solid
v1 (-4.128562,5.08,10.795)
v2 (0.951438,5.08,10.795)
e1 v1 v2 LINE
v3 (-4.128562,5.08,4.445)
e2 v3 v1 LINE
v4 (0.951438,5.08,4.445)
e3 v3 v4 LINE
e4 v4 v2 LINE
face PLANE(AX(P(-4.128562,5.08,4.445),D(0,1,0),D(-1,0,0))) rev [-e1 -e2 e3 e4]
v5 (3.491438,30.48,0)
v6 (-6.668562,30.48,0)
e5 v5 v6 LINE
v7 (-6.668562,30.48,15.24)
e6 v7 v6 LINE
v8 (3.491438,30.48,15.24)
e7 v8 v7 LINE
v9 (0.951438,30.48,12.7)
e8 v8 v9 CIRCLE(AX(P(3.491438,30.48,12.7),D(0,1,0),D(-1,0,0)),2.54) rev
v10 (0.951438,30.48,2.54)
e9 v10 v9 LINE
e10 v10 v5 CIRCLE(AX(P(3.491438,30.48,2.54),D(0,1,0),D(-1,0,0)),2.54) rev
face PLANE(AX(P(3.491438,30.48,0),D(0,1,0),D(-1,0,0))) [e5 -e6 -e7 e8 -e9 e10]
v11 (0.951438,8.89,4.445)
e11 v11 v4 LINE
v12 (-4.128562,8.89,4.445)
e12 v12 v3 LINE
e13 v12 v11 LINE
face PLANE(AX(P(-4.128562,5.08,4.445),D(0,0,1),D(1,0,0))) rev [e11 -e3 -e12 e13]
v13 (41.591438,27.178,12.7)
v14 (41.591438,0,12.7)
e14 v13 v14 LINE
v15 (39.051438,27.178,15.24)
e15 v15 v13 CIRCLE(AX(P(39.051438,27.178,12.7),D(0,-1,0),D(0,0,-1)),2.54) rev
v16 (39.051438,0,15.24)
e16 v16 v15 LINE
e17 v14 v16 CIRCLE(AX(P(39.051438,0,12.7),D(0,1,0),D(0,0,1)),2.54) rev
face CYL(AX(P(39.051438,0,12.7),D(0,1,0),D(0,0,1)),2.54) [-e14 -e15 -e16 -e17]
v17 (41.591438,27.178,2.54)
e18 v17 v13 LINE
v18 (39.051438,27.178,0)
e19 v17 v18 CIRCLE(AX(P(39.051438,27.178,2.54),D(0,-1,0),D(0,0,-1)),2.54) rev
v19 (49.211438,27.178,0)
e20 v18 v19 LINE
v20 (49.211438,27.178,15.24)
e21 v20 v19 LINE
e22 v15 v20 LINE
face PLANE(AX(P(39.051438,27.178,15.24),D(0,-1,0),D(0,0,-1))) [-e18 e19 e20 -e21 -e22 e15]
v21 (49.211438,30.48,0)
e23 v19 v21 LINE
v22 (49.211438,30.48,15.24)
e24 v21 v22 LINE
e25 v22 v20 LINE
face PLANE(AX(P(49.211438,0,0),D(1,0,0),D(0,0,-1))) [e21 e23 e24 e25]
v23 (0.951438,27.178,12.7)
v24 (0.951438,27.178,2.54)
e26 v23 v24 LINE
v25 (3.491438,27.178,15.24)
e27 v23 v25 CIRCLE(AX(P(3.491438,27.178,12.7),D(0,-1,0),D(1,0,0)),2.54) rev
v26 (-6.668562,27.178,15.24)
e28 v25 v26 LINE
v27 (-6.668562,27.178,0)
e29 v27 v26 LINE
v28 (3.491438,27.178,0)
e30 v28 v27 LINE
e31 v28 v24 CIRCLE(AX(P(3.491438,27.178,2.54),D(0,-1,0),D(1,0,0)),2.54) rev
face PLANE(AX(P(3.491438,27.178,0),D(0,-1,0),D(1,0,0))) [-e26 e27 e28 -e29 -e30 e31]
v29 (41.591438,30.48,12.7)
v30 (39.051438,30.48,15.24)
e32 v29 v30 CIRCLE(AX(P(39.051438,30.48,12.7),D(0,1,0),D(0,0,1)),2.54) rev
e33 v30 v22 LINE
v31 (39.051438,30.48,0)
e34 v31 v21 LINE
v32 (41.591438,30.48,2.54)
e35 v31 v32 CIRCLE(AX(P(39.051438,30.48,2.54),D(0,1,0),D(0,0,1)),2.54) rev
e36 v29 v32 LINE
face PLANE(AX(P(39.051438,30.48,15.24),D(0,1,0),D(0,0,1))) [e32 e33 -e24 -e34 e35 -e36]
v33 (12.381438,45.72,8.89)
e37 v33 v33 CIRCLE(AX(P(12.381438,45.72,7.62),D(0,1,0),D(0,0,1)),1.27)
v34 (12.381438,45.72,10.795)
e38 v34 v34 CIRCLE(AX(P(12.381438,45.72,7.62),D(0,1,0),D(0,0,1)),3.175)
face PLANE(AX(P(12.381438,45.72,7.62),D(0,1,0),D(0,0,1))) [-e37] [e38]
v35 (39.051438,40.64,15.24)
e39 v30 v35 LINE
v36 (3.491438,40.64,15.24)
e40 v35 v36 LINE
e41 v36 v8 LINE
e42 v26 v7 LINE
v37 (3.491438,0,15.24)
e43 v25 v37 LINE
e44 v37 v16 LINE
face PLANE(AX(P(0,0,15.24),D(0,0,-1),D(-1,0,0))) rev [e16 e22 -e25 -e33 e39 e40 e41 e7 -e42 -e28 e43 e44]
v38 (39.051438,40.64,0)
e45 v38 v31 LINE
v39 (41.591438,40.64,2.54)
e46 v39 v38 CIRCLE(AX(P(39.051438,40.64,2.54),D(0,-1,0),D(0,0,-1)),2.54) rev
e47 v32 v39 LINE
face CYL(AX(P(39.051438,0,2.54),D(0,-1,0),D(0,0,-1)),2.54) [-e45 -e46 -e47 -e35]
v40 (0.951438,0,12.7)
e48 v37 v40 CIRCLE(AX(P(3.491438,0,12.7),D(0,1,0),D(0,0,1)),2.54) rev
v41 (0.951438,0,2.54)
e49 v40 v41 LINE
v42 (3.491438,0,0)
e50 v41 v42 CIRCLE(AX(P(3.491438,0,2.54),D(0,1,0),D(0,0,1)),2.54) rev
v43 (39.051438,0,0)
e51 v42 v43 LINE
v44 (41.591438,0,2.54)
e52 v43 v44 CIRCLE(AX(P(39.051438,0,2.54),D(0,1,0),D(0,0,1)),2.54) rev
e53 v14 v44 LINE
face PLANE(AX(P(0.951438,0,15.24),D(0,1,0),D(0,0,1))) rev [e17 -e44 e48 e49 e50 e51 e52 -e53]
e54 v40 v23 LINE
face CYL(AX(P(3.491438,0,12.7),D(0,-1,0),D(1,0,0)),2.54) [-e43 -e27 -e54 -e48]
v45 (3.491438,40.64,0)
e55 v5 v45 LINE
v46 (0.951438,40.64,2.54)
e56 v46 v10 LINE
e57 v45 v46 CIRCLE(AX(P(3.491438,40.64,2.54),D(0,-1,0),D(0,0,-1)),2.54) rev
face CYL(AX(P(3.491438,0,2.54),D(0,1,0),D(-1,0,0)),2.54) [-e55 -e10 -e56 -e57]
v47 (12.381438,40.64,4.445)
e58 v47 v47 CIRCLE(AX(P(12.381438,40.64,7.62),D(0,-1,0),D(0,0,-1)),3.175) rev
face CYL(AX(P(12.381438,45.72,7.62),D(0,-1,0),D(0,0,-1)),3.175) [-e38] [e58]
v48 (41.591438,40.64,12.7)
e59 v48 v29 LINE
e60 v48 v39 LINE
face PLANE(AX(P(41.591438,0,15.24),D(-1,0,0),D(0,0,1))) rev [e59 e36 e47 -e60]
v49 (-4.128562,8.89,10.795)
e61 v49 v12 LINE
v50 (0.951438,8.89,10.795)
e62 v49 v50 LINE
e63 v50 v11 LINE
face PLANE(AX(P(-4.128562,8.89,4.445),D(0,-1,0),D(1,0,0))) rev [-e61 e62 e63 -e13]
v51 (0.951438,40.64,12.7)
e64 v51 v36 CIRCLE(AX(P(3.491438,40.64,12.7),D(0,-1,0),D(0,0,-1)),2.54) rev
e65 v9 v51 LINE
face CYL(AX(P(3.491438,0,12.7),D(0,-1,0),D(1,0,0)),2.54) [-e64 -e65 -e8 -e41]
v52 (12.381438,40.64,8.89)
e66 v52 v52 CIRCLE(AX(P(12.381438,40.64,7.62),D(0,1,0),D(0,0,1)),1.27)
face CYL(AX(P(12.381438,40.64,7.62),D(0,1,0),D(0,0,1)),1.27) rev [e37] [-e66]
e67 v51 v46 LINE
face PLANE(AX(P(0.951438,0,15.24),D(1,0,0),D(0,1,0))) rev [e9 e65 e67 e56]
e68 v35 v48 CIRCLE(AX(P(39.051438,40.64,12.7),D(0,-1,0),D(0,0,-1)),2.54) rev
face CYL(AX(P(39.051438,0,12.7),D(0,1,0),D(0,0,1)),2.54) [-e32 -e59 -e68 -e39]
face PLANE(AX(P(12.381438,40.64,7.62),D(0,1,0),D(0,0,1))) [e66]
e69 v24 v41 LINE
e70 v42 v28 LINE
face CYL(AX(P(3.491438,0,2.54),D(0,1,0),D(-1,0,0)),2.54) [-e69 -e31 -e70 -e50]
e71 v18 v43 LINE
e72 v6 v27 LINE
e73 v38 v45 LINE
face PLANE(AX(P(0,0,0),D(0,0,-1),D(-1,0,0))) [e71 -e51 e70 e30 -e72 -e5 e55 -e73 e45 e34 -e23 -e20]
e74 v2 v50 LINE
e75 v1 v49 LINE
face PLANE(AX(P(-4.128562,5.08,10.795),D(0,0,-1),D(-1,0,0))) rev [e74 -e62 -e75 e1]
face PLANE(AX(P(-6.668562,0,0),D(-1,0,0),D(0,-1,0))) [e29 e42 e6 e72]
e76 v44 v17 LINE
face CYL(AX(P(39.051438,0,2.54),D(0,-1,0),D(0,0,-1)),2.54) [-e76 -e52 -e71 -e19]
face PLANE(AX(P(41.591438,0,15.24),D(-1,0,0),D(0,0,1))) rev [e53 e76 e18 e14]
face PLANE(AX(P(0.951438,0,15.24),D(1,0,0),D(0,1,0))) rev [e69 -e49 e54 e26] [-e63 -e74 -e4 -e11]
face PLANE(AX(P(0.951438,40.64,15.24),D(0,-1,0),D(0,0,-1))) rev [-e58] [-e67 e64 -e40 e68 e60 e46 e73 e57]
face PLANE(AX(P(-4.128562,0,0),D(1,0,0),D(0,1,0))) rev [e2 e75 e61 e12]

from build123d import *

# Parameters (mm, degrees)
SKETCH1_W                = 40.64
SKETCH1_H                = 40.64
BOSS_EXTRUDE1_DEPTH      = 15.24
SKETCH2_R                = 3.175
BOSS_EXTRUDE2_DEPTH      = 5.08
SKETCH3_R                = 1.27
CUT_EXTRUDE1_DEPTH       = 5.08
FILLET2_R                = 2.54
SKETCH4_W                = 6.35
SKETCH4_H                = 3.81
BOSS_EXTRUDE3_DEPTH      = 5.08
SKETCH5_W                = 15.24
SKETCH5_H                = 3.302
BOSS_EXTRUDE4_DEPTH      = 7.62
BOSS_EXTRUDE4_DEPTH_BACK = 2.54
SKETCH6_W                = 15.24
SKETCH6_H                = 3.302
BOSS_EXTRUDE5_DEPTH      = 7.62
BOSS_EXTRUDE5_DEPTH_BACK = 2.54


with BuildPart() as part:
    # Sketch1 → Boss-Extrude1 (new body)
    with BuildSketch(Plane.XY):
        with Locations((21.271438127, 20.32)):
            Rectangle(SKETCH1_W, SKETCH1_H)
    extrude(amount=BOSS_EXTRUDE1_DEPTH)

    # Sketch2 → Boss-Extrude2 (add)
    with BuildSketch(Plane(origin=(0, 40.64, 0), x_dir=(1, 0, 0), z_dir=(0, 1, 0))):
        with Locations((12.381438127, -7.62)):
            Circle(SKETCH2_R)
    extrude(amount=BOSS_EXTRUDE2_DEPTH)

    # Sketch3 → Cut-Extrude1 (cut)
    with BuildSketch(Plane(origin=(0, 45.72, 0), x_dir=(1, 0, 0), z_dir=(0, 1, 0))):
        with Locations((12.381438127, -7.62)):
            Circle(SKETCH3_R)
    extrude(amount=-CUT_EXTRUDE1_DEPTH, mode=Mode.SUBTRACT)

    # Fillet2
    fillet2_edges = [part.edges().sort_by_distance(p)[0] for p in [
        (41.591438127, 20.32, 15.24),
        (0.951438127, 20.32, 15.24),
        (41.591438127, 20.32, 0),
        (0.951438127, 20.32, 0),
    ]]
    fillet(fillet2_edges, radius=FILLET2_R)

    # Sketch4 → Boss-Extrude3 (add)
    with BuildSketch(Plane.ZY.offset(-0.951438127)):
        with Locations((7.62, 6.985)):
            Rectangle(SKETCH4_W, SKETCH4_H)
    extrude(amount=BOSS_EXTRUDE3_DEPTH)

    # Sketch5 → Boss-Extrude4 (add, two sides)
    with BuildSketch(Plane.ZY.offset(-0.951438127)) as boss_extrude4_sk:
        with Locations((7.62, 28.829)):
            Rectangle(SKETCH5_W, SKETCH5_H)
    extrude(amount=BOSS_EXTRUDE4_DEPTH)
    extrude(boss_extrude4_sk.sketch, amount=-BOSS_EXTRUDE4_DEPTH_BACK)

    # Sketch6 → Boss-Extrude5 (add, two sides)
    with BuildSketch(Plane(origin=(41.591438127, 0, 0), x_dir=(0, 0, -1), z_dir=(1, 0, 0))) as boss_extrude5_sk:
        with Locations((-7.62, 28.829)):
            Rectangle(SKETCH6_W, SKETCH6_H)
    extrude(amount=BOSS_EXTRUDE5_DEPTH)
    extrude(boss_extrude5_sk.sketch, amount=-BOSS_EXTRUDE5_DEPTH_BACK)


solid = part.part
